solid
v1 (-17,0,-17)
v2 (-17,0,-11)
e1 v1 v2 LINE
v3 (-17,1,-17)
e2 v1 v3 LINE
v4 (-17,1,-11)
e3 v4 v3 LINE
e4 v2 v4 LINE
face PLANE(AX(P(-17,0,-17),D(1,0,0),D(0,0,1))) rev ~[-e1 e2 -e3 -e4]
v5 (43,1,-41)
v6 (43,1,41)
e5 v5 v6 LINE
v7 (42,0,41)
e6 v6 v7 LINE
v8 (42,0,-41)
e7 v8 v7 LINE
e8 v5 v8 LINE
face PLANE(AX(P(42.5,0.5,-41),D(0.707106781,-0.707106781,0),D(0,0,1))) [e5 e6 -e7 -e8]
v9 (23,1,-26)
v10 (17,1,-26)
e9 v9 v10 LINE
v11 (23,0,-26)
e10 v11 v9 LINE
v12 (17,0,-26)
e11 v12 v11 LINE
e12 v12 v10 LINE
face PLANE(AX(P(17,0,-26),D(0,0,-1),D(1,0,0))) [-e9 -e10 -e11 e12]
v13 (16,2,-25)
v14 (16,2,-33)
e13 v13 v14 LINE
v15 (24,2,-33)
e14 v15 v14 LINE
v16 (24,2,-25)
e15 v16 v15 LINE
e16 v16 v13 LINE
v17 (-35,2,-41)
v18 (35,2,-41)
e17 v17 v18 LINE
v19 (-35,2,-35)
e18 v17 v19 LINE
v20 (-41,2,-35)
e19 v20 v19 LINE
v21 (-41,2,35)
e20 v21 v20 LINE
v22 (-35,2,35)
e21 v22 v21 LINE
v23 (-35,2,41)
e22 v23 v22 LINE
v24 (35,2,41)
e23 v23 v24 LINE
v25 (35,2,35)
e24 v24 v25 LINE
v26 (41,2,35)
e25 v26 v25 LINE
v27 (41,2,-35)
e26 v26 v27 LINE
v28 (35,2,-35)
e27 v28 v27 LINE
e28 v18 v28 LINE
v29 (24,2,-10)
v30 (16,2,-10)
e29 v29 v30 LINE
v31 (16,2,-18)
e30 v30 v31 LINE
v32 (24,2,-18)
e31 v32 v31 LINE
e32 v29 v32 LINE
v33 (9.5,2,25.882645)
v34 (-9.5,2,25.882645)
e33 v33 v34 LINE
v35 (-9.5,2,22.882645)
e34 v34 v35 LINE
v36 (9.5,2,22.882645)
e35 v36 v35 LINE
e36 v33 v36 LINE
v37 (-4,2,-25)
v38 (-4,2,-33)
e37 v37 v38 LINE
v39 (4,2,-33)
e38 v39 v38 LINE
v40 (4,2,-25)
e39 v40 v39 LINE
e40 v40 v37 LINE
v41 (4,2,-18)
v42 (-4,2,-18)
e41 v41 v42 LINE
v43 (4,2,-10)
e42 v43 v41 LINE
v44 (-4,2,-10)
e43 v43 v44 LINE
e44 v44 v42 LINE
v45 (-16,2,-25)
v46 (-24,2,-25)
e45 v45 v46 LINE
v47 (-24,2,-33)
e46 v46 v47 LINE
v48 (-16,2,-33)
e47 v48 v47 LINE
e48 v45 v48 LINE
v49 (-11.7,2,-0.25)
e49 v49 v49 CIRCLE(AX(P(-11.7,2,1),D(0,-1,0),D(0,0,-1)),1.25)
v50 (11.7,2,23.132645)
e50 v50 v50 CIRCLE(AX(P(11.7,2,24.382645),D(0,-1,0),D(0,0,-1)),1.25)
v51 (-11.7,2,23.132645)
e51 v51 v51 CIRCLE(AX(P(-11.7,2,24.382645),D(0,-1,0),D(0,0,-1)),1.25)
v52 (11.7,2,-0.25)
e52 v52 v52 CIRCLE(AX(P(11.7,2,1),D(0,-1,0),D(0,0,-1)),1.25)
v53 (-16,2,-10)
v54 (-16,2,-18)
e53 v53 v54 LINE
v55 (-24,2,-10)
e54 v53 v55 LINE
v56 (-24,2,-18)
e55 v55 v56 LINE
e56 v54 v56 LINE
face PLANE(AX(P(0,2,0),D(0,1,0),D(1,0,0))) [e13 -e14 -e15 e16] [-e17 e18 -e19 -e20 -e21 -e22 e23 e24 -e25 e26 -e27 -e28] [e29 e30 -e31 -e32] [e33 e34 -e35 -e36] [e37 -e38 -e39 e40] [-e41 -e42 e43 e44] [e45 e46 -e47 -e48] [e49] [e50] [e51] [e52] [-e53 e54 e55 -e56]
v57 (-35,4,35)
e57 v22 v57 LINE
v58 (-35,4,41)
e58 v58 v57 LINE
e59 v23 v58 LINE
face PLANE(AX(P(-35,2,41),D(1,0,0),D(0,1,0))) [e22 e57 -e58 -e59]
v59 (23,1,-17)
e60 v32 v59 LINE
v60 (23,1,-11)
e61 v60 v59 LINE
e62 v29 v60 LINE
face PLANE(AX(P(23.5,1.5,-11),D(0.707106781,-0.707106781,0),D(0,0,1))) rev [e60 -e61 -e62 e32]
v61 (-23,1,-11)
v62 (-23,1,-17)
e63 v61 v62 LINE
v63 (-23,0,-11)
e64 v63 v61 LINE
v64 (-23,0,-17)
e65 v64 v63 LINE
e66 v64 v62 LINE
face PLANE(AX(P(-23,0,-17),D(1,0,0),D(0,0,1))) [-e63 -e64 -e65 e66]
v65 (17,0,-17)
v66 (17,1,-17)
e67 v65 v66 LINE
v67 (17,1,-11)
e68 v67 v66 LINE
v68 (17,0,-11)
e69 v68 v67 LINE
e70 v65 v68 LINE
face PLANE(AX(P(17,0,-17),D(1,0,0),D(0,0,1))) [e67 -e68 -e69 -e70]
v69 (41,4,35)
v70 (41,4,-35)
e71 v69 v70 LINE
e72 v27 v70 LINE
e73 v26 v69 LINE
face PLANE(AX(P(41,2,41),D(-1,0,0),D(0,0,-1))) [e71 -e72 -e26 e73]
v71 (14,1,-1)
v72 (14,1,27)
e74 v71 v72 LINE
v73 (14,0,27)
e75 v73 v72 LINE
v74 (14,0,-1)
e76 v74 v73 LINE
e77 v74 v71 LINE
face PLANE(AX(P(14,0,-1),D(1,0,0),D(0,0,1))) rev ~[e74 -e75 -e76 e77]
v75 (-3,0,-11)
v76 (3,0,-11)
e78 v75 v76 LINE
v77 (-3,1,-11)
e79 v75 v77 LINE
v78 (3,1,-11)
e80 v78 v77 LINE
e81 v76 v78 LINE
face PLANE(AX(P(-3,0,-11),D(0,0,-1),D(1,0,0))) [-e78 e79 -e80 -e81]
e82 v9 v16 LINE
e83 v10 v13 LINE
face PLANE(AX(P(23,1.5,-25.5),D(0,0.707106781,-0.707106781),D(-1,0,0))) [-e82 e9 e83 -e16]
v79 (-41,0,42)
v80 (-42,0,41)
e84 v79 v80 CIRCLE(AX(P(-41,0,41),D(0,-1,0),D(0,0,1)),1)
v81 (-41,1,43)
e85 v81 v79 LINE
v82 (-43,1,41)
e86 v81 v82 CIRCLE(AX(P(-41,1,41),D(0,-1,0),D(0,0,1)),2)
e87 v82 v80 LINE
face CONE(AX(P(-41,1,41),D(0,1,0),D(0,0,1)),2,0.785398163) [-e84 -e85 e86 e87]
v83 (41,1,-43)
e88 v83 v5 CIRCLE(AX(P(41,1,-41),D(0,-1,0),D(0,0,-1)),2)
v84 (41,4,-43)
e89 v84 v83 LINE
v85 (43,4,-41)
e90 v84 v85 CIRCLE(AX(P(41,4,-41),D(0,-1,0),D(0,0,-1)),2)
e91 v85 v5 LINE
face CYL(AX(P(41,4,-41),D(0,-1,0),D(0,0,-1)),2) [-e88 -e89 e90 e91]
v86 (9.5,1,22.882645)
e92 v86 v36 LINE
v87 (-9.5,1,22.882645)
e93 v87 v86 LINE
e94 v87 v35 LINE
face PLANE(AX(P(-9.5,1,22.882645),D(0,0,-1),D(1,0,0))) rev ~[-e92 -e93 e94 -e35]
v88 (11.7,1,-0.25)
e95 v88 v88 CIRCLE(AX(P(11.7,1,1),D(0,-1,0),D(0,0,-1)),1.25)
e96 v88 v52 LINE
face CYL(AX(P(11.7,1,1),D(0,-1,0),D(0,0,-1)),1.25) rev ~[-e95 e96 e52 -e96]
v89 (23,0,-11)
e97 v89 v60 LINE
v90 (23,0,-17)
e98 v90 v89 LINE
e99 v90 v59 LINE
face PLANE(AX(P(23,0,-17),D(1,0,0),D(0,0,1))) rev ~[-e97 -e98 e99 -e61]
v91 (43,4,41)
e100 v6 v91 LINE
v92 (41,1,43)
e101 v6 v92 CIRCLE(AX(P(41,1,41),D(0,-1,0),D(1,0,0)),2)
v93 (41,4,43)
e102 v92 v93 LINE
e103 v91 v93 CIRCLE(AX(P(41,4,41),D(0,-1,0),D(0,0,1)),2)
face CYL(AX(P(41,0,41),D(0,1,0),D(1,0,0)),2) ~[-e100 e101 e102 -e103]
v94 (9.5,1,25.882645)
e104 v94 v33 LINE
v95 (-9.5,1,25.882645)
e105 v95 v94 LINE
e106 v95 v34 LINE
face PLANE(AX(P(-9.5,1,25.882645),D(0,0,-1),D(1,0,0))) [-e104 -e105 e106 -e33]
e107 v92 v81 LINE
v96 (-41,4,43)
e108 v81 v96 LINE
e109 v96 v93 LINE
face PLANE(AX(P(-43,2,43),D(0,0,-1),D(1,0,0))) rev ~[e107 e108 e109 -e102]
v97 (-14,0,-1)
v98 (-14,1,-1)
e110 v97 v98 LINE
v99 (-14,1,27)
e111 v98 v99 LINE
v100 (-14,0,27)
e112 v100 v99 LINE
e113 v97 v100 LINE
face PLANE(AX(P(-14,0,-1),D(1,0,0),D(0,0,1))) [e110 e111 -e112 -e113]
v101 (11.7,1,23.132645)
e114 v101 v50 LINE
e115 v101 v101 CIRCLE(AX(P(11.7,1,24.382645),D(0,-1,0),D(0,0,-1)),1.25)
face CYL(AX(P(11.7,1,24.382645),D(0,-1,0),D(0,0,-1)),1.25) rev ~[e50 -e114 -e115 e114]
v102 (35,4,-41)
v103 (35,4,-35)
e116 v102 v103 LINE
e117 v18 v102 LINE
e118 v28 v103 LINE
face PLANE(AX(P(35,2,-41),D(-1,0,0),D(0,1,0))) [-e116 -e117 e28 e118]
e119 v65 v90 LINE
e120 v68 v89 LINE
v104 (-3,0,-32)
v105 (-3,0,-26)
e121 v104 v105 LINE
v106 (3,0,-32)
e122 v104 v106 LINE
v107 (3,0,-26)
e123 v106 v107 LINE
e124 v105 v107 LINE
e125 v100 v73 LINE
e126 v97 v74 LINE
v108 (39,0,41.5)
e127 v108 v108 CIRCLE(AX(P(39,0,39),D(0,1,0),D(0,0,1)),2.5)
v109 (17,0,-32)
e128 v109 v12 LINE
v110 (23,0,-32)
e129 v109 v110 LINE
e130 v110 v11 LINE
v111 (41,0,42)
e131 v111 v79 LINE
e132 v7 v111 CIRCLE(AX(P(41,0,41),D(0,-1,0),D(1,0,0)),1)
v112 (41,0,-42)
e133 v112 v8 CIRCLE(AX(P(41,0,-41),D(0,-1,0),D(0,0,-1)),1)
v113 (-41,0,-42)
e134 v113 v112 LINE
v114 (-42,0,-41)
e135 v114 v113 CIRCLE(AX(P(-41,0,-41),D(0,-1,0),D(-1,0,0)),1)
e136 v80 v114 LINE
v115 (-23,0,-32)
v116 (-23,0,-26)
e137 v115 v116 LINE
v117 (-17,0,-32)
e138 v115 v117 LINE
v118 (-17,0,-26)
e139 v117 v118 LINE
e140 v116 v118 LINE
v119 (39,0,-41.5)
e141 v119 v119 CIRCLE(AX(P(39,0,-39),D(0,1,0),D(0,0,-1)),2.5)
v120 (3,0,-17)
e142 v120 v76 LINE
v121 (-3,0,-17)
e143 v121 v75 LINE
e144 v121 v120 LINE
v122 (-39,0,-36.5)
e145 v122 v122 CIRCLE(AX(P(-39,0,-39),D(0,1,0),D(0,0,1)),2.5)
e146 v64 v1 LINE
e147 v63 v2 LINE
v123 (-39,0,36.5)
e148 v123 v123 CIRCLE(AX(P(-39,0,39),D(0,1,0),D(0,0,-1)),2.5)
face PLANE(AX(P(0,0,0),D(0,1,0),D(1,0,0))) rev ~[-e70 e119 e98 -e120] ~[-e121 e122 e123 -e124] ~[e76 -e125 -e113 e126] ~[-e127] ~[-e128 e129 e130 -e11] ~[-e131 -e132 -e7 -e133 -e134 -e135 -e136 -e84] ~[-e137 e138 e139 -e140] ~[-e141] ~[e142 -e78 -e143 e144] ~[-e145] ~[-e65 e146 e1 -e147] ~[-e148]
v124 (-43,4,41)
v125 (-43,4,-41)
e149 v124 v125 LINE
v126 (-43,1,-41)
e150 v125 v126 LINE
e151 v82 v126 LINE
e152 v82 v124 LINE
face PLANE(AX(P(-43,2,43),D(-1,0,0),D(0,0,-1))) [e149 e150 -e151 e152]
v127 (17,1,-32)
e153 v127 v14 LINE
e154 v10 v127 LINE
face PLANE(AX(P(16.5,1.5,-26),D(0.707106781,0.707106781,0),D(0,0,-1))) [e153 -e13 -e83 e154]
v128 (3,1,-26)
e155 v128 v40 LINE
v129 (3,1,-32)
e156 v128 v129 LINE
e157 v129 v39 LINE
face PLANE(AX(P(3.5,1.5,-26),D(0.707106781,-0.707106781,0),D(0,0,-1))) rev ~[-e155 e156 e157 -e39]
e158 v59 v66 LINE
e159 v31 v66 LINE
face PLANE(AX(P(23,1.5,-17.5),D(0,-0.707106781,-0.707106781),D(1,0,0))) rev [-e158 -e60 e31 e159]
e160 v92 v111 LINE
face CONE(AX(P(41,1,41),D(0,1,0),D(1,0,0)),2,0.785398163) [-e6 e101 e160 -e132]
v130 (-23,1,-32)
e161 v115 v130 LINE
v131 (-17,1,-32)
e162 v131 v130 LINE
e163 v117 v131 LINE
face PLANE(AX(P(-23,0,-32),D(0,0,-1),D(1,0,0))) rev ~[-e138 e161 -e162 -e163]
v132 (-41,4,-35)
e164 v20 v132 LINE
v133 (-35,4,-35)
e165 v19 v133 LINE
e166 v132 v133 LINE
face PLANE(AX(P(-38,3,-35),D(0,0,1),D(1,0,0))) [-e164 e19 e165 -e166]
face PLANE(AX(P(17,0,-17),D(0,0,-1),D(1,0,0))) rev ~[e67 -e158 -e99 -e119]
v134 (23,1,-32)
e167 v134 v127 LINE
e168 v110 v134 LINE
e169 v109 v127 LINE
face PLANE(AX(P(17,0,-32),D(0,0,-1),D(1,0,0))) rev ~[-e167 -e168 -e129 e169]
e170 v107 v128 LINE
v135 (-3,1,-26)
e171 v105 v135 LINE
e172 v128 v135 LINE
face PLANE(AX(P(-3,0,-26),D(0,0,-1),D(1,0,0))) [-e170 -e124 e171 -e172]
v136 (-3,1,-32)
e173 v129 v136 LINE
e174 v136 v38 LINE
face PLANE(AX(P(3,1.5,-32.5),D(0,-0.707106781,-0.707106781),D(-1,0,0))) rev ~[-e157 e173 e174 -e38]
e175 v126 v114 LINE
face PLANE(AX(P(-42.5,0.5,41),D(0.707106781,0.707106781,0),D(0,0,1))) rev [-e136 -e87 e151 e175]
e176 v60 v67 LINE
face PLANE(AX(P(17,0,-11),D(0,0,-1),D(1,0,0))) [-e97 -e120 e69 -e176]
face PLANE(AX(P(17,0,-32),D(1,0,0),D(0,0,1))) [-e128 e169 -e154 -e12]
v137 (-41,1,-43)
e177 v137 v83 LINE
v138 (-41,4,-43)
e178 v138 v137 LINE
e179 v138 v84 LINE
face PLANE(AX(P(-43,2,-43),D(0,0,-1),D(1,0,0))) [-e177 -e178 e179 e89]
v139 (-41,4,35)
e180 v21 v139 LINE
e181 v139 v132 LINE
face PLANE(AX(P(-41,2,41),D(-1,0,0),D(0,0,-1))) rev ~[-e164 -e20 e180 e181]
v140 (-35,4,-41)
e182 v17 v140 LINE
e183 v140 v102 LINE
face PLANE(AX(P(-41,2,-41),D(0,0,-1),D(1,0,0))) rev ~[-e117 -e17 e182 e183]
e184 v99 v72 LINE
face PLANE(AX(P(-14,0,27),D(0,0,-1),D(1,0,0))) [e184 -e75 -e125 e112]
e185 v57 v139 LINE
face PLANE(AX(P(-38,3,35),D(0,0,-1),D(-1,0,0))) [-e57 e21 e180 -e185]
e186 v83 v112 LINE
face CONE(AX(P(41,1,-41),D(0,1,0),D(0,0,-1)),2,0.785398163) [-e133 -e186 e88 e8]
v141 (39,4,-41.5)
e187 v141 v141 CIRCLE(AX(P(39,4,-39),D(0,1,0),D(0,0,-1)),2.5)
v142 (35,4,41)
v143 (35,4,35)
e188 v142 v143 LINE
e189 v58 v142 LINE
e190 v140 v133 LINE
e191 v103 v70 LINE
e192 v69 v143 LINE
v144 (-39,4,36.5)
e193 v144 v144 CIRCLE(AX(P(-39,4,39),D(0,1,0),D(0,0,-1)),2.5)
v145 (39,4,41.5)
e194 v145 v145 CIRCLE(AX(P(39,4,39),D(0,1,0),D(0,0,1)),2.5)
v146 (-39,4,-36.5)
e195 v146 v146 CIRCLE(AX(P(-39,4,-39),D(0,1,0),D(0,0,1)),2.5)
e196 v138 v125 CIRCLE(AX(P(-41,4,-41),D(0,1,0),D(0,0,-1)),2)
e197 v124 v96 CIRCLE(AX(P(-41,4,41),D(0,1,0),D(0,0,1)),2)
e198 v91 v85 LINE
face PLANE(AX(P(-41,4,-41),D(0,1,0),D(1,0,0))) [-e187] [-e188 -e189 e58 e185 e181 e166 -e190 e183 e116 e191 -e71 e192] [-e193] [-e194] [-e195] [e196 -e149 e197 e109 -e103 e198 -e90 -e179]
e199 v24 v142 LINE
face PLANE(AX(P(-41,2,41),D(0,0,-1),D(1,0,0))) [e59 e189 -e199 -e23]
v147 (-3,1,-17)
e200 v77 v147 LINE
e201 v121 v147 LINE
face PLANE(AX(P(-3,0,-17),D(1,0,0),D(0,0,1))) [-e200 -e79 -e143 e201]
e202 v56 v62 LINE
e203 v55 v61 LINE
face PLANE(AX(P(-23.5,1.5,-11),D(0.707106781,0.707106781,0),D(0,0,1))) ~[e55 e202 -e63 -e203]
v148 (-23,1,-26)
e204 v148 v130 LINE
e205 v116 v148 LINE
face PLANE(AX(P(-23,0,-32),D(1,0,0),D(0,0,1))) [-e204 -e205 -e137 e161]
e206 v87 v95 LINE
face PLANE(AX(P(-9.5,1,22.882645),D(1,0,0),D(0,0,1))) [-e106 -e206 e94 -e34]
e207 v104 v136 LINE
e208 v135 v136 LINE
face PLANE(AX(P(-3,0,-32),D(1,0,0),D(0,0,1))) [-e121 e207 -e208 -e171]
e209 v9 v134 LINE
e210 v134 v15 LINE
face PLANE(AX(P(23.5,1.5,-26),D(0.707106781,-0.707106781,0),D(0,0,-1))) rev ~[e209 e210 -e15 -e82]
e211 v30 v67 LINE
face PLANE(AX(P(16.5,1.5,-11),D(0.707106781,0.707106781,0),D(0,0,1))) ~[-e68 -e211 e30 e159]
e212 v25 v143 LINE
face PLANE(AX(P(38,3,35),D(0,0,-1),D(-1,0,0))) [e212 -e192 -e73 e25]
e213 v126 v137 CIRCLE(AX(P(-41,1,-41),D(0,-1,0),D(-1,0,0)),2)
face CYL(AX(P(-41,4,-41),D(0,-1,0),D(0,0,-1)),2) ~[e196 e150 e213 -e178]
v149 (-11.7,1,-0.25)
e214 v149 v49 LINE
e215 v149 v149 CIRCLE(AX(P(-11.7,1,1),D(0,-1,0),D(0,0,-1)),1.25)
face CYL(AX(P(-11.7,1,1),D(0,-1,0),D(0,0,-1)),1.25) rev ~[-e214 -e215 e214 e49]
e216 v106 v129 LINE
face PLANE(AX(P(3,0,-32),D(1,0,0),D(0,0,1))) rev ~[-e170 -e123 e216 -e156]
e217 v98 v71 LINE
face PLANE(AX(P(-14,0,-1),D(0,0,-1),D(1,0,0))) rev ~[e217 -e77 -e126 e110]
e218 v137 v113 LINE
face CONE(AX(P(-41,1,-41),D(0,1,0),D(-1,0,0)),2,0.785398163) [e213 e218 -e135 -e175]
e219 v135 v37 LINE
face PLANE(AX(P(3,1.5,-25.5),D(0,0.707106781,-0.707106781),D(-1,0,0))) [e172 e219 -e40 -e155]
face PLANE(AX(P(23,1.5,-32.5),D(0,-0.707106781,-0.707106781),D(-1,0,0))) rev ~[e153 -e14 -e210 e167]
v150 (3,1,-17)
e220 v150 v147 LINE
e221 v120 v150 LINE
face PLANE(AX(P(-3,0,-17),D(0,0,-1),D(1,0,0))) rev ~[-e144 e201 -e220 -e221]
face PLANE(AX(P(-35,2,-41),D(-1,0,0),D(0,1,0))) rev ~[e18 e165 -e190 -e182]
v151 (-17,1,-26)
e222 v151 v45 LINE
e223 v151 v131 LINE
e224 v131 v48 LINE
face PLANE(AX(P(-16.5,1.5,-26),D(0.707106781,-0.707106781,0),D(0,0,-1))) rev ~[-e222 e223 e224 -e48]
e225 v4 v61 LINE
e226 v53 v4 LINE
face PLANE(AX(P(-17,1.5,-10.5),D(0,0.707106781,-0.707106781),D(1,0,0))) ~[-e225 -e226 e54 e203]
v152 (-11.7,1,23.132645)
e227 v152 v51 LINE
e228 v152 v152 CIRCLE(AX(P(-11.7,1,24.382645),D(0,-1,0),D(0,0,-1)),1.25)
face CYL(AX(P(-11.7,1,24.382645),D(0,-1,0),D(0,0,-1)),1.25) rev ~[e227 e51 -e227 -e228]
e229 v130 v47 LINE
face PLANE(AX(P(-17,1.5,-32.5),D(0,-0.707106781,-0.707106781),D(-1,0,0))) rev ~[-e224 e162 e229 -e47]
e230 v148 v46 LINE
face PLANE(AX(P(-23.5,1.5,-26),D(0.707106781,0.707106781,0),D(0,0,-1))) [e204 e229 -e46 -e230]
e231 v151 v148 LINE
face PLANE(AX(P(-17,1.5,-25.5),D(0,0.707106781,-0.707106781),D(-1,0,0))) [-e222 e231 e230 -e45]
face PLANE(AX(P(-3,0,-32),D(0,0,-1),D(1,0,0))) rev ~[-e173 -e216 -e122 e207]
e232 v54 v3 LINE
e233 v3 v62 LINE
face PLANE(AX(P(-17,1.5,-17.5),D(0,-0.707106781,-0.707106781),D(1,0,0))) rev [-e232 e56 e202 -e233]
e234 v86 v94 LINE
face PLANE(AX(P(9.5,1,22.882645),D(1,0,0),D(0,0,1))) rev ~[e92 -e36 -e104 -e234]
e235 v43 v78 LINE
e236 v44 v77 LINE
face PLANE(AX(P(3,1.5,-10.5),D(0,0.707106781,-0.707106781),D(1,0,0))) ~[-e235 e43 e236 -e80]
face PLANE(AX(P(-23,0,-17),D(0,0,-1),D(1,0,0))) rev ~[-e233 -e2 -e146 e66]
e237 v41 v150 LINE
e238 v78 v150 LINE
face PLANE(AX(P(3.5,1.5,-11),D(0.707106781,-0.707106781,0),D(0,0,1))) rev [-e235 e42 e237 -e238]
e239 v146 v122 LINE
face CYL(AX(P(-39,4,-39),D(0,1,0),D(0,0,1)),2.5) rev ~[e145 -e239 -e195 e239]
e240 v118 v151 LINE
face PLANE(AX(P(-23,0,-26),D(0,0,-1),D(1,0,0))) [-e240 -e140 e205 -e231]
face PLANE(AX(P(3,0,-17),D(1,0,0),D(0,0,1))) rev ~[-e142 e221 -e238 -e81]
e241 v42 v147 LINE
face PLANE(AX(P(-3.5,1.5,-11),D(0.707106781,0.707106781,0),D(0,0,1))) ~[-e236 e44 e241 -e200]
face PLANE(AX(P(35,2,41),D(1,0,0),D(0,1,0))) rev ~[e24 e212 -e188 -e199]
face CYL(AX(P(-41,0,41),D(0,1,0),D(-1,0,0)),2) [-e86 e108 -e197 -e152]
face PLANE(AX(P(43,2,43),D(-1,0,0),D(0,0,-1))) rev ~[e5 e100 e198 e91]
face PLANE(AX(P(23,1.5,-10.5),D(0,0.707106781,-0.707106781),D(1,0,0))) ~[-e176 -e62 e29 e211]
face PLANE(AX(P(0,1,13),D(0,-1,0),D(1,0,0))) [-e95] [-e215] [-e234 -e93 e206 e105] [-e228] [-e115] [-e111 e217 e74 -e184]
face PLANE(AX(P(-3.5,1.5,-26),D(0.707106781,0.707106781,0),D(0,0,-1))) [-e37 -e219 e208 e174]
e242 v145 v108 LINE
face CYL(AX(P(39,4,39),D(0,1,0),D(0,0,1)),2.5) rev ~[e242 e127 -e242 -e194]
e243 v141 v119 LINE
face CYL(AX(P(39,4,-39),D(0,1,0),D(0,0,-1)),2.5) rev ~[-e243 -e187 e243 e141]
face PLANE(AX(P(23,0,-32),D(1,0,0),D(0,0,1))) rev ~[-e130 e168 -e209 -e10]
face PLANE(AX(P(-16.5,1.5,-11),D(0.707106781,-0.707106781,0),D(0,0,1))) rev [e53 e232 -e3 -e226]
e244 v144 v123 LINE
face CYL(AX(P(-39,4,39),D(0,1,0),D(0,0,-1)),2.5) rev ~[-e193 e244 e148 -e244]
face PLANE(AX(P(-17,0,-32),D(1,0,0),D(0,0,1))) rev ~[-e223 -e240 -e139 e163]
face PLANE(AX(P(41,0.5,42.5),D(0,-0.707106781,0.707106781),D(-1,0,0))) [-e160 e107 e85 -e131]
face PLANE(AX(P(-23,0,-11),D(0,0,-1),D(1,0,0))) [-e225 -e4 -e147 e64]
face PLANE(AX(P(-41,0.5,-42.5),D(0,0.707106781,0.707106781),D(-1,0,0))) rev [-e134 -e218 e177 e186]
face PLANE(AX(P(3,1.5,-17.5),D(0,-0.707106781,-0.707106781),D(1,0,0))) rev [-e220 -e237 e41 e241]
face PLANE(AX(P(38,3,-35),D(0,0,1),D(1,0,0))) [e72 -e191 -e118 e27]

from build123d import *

# Parameters (mm, degrees)
SKETCH_2_W           = 86
SKETCH_2_H           = 86
EXTRUDE_1_DEPTH      = 2
SKETCH_3_W           = 86
SKETCH_3_H           = 86
SKETCH_3_W_2         = 82
SKETCH_3_H_2         = 82
EXTRUDE_2_DEPTH      = 2
SKETCH_4_W           = 6
SKETCH_4_H           = 2
EXTRUDE_3_DEPTH      = 6
SKETCH_5_W           = 6
SKETCH_5_H           = 2
EXTRUDE_4_DEPTH      = 6
SKETCH_6_R           = 2.5
CUT_EXTRUDE_1_DEPTH  = 61.942595941
FILLET_1_R           = 2
CHAMFER_1_SIZE       = 1
SKETCH_7_W           = 28
SKETCH_7_H           = 28
CUT_EXTRUDE_2_DEPTH  = 1
SKETCH_8_R           = 1.25
SKETCH_8_W           = 19
SKETCH_8_H           = 3
CUT_EXTRUDE_10_DEPTH = 61.88513776
SKETCH_9_W           = 6
SKETCH_9_H           = 6
CUT_EXTRUDE_11_DEPTH = 61.942595941
CHAMFER_2_SIZE       = 1
CHAMFER_3_SIZE       = 1


with BuildPart() as part:
    # 草图2 → 凸台-拉伸1 (new body)
    with BuildSketch(Plane(origin=(0, 0, 0), x_dir=(1, 0, 0), z_dir=(0, 1, 0))):
        Rectangle(SKETCH_2_W, SKETCH_2_H)
    extrude(amount=EXTRUDE_1_DEPTH)

    # 草图3 → 凸台-拉伸2 (add)
    with BuildSketch(Plane(origin=(0, 2, 0), x_dir=(1, 0, 0), z_dir=(0, 1, 0))):
        Rectangle(SKETCH_3_W, SKETCH_3_H)
        Rectangle(SKETCH_3_W_2, SKETCH_3_H_2, mode=Mode.SUBTRACT)
    extrude(amount=EXTRUDE_2_DEPTH)

    # 草图4 → 凸台-拉伸3 (add)
    with BuildSketch(Plane(origin=(0, 0, 41), x_dir=(-1, 0, 0), z_dir=(0, 0, -1))):
        with Locations((-38, 3)):
            Rectangle(SKETCH_4_W, SKETCH_4_H)
        with Locations((38, 3)):
            Rectangle(SKETCH_4_W, SKETCH_4_H)
    extrude(amount=EXTRUDE_3_DEPTH)

    # 草图5 → 凸台-拉伸4 (add)
    with BuildSketch(Plane.XY.offset(-41)):
        with Locations((-38, 3)):
            Rectangle(SKETCH_5_W, SKETCH_5_H)
        with Locations((38, 3)):
            Rectangle(SKETCH_5_W, SKETCH_5_H)
    extrude(amount=EXTRUDE_4_DEPTH)

    # 草图6 → 切除-拉伸1 (cut, through all)
    with BuildSketch(Plane(origin=(0, 4, 0), x_dir=(1, 0, 0), z_dir=(0, 1, 0))):
        with Locations(Location((-39, 39, 0), (0, 0, 270))):
            Circle(SKETCH_6_R)
        with Locations(Location((39, 39, 0), (0, 0, 90))):
            Circle(SKETCH_6_R)
        with Locations(Location((39, -39, 0), (0, 0, 270))):
            Circle(SKETCH_6_R)
        with Locations(Location((-39, -39, 0), (0, 0, 90))):
            Circle(SKETCH_6_R)
    extrude(amount=-CUT_EXTRUDE_1_DEPTH, mode=Mode.SUBTRACT)

    # 圆角1
    fillet_1_edges = [part.edges().sort_by_distance(p)[0] for p in [
        (43, 2, 43),
        (-43, 2, 43),
        (-43, 2, -43),
        (43, 2, -43),
    ]]
    fillet(fillet_1_edges, radius=FILLET_1_R)

    # 倒角1
    chamfer_1_edges = [part.edges().sort_by_distance(p)[0] for p in [
        (-43, 0, 0),
        (43, 0, 0),
        (0, 0, 43),
        (0, 0, -43),
        (42.414213562, 0, -42.414213562),
        (42.414213562, 0, 42.414213562),
        (-42.414213562, 0, 42.414213562),
        (-42.414213562, 0, -42.414213562),
    ]]
    chamfer(chamfer_1_edges, length=CHAMFER_1_SIZE)

    # 草图7 → 切除-拉伸2 (cut)
    with BuildSketch(Plane.XZ):
        with Locations((0, 13)):
            Rectangle(SKETCH_7_W, SKETCH_7_H)
    extrude(amount=-CUT_EXTRUDE_2_DEPTH, mode=Mode.SUBTRACT)

    # 草图8 → 切除-拉伸10 (cut, through all)
    with BuildSketch(Plane.XZ.offset(-1)):
        with Locations(Location((-11.7, 24.382645166, 0), (0, 0, 270))):
            Circle(SKETCH_8_R)
        with Locations(Location((11.7, 24.382645166, 0), (0, 0, 270))):
            Circle(SKETCH_8_R)
        with Locations(Location((-11.7, 1, 0), (0, 0, 270))):
            Circle(SKETCH_8_R)
        with Locations(Location((11.7, 1, 0), (0, 0, 270))):
            Circle(SKETCH_8_R)
        with Locations((0, 24.382645166)):
            Rectangle(SKETCH_8_W, SKETCH_8_H)
    extrude(amount=-CUT_EXTRUDE_10_DEPTH, mode=Mode.SUBTRACT)

    # 草图9 → 切除-拉伸11 (cut, through all)
    with BuildSketch(Plane.XZ):
        with Locations((0, -14)):
            Rectangle(SKETCH_9_W, SKETCH_9_H)
        with Locations((-20, -14)):
            Rectangle(SKETCH_9_W, SKETCH_9_H)
        with Locations((20, -14)):
            Rectangle(SKETCH_9_W, SKETCH_9_H)
        with Locations((-20, -29)):
            Rectangle(SKETCH_9_W, SKETCH_9_H)
        with Locations((0, -29)):
            Rectangle(SKETCH_9_W, SKETCH_9_H)
        with Locations((20, -29)):
            Rectangle(SKETCH_9_W, SKETCH_9_H)
    extrude(amount=-CUT_EXTRUDE_11_DEPTH, mode=Mode.SUBTRACT)

    # 倒角2
    chamfer_2_edges = [part.edges().sort_by_distance(p)[0] for p in [
        (-3, 2, -29),
        (0, 2, -26),
        (3, 2, -29),
        (0, 2, -32),
        (20, 2, -26),
        (23, 2, -29),
        (20, 2, -32),
        (17, 2, -29),
        (-20, 2, -26),
        (-17, 2, -29),
        (-20, 2, -32),
        (-23, 2, -29),
    ]]
    chamfer(chamfer_2_edges, length=CHAMFER_2_SIZE)

    # 倒角3
    chamfer_3_edges = [part.edges().sort_by_distance(p)[0] for p in [
        (17, 2, -14),
        (20, 2, -11),
        (23, 2, -14),
        (20, 2, -17),
        (-23, 2, -14),
        (-20, 2, -11),
        (-17, 2, -14),
        (-20, 2, -17),
        (-3, 2, -14),
        (0, 2, -11),
        (3, 2, -14),
        (0, 2, -17),
    ]]
    chamfer(chamfer_3_edges, length=CHAMFER_3_SIZE)


solid = part.part
